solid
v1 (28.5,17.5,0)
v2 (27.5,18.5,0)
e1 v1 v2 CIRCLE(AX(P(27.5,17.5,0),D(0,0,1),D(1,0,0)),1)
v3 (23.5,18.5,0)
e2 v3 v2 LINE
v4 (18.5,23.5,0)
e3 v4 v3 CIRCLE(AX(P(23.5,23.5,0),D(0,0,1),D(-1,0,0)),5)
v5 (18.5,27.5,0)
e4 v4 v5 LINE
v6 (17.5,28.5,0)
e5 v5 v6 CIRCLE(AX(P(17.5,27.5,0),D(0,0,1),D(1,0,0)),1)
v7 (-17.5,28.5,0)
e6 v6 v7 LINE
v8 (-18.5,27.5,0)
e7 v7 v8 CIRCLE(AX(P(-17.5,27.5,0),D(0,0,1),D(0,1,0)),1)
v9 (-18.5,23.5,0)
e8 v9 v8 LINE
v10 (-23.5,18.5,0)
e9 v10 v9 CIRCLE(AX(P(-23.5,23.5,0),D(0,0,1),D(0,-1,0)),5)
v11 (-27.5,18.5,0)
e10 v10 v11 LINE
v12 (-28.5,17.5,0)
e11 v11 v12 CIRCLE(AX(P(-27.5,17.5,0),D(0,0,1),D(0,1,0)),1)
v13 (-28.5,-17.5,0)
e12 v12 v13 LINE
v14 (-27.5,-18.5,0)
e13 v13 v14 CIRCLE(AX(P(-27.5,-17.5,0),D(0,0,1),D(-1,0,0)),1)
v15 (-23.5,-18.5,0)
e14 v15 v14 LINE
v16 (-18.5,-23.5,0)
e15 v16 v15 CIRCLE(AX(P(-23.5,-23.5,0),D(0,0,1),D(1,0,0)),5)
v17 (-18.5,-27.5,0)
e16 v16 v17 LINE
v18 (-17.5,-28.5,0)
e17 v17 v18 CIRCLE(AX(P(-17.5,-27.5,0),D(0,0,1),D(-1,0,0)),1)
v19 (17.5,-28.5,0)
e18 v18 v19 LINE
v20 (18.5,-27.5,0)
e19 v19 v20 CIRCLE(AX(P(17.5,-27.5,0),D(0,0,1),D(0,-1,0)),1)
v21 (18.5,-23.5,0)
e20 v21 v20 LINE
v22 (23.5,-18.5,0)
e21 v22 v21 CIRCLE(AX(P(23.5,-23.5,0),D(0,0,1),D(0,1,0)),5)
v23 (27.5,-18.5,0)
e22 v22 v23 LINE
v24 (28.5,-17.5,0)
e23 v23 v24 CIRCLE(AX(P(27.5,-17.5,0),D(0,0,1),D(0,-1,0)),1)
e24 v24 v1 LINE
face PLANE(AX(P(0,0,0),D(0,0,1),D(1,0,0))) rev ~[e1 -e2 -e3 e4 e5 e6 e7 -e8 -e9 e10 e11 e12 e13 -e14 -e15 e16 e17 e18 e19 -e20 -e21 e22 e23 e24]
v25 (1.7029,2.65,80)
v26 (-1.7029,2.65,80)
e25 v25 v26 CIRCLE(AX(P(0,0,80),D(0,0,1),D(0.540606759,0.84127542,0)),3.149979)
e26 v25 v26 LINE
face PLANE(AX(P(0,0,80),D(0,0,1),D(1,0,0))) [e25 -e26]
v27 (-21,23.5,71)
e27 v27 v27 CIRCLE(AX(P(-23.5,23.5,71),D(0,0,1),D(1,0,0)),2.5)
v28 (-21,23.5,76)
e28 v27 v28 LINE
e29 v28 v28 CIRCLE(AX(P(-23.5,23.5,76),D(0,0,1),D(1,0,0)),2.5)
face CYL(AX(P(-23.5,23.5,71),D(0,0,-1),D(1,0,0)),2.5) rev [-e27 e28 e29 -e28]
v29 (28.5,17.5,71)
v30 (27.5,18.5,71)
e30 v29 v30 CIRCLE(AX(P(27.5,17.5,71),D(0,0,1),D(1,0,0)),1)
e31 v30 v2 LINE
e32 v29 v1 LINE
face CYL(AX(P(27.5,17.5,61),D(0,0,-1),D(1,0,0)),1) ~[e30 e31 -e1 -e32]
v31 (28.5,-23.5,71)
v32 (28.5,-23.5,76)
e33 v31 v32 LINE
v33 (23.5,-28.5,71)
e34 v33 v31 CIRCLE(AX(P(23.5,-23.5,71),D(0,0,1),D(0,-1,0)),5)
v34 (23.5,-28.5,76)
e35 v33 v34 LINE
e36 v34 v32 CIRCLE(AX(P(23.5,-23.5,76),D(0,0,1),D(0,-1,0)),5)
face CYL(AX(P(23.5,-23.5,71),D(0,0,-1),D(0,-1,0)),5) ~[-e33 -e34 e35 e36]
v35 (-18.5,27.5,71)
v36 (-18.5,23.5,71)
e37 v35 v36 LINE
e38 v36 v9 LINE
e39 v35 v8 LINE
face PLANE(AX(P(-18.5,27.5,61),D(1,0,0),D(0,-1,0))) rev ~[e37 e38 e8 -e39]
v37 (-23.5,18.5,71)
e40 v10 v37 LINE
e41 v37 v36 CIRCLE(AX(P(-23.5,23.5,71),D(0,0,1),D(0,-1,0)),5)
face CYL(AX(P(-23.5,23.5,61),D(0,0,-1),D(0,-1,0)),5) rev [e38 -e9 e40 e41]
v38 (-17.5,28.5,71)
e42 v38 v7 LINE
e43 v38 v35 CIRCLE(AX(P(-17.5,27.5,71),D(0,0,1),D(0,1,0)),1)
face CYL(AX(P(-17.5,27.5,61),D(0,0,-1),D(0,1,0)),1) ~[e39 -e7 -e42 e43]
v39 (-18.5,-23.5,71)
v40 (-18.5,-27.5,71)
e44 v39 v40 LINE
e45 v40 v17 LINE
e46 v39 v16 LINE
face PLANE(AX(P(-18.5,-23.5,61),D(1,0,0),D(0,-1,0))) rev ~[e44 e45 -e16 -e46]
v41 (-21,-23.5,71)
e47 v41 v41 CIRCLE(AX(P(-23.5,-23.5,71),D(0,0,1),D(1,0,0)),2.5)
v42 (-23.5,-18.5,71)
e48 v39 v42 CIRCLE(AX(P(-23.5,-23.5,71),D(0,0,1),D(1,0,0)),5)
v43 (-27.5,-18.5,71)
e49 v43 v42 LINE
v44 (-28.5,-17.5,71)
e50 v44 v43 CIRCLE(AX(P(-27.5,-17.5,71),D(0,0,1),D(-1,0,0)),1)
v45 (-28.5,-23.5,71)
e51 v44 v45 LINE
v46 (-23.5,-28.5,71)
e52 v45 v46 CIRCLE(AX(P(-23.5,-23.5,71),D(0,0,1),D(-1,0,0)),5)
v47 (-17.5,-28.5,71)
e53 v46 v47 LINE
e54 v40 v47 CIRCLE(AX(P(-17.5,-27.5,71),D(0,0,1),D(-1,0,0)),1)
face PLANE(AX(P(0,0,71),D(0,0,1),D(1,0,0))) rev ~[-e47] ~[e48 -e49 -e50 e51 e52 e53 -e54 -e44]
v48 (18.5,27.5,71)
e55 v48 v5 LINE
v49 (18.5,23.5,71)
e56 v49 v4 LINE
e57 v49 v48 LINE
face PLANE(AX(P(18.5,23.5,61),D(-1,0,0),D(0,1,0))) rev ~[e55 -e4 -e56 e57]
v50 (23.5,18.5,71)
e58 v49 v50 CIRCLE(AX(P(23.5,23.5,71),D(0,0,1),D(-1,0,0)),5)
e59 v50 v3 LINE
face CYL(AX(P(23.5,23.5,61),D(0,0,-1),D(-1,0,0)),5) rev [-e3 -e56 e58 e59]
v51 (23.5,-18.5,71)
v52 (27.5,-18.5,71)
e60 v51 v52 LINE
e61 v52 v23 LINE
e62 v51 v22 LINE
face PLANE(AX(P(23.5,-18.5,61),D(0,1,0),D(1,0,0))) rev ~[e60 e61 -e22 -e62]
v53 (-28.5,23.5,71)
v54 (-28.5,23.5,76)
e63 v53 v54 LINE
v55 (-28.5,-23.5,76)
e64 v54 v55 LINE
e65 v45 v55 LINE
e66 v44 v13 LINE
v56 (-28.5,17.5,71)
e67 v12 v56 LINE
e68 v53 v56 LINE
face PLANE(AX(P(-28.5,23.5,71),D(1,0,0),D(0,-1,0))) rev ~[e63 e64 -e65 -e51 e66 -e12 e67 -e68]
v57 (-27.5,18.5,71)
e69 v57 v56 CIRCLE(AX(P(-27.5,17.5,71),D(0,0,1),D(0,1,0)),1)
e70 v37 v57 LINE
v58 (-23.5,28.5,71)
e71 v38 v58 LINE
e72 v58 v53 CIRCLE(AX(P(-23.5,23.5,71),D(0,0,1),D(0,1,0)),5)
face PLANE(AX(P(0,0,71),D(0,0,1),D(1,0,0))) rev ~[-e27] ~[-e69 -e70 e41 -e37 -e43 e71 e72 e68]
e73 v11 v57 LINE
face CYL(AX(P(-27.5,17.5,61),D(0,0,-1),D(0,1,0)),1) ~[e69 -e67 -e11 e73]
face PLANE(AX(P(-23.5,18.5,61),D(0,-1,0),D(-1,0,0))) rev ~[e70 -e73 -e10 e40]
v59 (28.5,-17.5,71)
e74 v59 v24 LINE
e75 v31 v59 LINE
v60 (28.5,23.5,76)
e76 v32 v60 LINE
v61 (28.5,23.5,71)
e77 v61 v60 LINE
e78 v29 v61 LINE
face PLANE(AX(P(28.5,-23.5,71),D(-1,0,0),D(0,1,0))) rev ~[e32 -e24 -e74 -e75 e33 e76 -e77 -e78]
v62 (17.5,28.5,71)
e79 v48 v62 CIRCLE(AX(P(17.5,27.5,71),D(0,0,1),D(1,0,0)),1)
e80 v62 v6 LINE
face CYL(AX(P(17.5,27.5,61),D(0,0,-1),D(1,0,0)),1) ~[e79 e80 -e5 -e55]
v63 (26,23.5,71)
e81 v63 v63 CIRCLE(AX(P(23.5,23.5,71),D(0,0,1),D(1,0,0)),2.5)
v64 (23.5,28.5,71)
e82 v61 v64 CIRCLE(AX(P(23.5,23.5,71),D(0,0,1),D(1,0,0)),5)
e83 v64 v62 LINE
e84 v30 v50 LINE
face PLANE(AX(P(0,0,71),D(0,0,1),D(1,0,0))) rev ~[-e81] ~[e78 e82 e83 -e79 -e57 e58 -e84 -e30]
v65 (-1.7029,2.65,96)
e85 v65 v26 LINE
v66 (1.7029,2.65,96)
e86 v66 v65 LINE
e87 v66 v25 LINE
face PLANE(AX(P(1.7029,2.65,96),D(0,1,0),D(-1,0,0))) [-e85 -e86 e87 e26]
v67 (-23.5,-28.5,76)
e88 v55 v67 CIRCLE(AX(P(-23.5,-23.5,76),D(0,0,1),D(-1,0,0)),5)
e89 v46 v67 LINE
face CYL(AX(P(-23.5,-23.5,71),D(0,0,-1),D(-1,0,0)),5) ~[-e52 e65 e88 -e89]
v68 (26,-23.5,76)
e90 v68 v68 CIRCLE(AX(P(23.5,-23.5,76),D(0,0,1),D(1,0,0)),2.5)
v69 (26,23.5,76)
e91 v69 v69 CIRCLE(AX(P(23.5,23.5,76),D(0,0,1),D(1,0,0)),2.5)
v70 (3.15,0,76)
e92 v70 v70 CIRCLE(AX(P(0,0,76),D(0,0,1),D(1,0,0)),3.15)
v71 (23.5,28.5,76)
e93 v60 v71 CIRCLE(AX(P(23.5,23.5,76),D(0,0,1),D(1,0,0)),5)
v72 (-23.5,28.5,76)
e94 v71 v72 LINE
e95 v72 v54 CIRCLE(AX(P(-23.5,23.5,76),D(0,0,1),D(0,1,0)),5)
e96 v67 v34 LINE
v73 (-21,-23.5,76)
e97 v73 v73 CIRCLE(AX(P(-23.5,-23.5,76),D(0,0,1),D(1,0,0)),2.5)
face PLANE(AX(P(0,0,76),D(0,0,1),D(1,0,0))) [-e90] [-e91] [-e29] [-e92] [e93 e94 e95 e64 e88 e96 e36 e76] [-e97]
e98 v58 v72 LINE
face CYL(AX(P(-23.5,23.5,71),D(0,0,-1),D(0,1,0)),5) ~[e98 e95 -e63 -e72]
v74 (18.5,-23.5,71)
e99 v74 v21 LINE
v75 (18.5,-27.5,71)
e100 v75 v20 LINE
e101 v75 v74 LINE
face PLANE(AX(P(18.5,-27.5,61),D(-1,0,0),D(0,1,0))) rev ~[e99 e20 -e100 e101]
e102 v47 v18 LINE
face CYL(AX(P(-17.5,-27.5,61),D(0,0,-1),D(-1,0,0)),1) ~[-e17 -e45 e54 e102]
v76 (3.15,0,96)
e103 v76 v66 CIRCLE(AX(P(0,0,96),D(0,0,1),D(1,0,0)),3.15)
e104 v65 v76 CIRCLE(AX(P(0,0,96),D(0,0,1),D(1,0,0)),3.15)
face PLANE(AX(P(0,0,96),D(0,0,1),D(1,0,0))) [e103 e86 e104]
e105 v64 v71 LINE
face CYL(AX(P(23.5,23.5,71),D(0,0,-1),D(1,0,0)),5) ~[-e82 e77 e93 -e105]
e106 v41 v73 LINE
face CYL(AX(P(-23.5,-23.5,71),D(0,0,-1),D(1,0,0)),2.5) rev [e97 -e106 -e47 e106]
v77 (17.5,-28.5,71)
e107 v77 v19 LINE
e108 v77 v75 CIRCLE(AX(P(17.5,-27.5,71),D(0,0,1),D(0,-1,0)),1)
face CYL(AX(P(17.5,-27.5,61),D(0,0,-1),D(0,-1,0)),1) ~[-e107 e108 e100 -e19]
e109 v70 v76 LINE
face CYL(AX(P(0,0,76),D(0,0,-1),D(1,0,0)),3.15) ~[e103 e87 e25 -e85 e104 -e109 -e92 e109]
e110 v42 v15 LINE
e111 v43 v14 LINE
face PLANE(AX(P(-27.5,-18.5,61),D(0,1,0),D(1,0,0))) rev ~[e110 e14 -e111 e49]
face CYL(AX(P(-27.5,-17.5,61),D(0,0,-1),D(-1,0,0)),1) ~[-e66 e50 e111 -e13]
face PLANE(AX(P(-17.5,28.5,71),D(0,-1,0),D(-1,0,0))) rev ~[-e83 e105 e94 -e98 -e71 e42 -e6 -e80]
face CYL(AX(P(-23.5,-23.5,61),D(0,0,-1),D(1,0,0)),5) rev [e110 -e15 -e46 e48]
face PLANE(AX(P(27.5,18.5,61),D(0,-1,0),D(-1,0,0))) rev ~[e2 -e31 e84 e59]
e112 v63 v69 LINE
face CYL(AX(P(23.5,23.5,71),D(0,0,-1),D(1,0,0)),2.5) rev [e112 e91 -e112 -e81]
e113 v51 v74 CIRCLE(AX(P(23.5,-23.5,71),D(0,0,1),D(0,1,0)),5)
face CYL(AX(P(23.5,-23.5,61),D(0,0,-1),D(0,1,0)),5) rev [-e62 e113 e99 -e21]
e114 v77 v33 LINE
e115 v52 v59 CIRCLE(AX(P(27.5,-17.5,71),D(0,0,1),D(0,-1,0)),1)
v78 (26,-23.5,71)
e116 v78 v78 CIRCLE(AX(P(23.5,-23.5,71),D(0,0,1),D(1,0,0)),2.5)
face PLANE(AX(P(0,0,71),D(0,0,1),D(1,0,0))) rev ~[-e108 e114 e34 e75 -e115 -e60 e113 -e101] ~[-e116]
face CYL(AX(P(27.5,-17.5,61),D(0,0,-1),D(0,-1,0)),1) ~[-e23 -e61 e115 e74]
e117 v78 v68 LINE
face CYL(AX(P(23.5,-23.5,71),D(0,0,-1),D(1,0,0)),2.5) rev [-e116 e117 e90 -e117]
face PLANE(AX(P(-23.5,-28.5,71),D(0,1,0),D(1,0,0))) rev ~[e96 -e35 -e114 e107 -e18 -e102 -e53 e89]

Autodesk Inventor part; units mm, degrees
ref_plane "YZ Plane" through (0, 0, 0) normal (1, 0, 0) x (0, 1, 0)
ref_plane "XZ Plane" through (0, 0, 0) normal (0, 1, 0) x (-1, 0, 0)
ref_plane "XY Plane" through (0, 0, 0) normal (0, 0, 1) x (1, 0, 0)
sketch "Sketch1" plane through (0, 0, 0) normal (0, 0, 1) x (1, 0, 0)
  line L0 (17.5, 28.5) -> (-17.5, 28.5)
  line L1 (-28.5, 17.5) -> (-28.5, -17.5)
  line L2 (28.5, -17.5) -> (28.5, 17.5)
  arc A0 (-18.5, -23.5) -> (-23.5, -18.5) centre (-23.5, -23.5) ccw
  arc A1 (23.5, -18.5) -> (18.5, -23.5) centre (23.5, -23.5) ccw
  arc A2 (18.5, 23.5) -> (23.5, 18.5) centre (23.5, 23.5) ccw
  arc A3 (-23.5, 18.5) -> (-18.5, 23.5) centre (-23.5, 23.5) ccw
  line L3 (-23.5, 18.5) -> (-27.5, 18.5)
  line L4 (-18.5, 23.5) -> (-18.5, 27.5)
  line L5 (-23.5, -18.5) -> (-27.5, -18.5)
  line L6 (-18.5, -23.5) -> (-18.5, -27.5)
  line L7 (18.5, -23.5) -> (18.5, -27.5)
  line L8 (23.5, -18.5) -> (27.5, -18.5)
  line L9 (18.5, 23.5) -> (18.5, 27.5)
  line L10 (23.5, 18.5) -> (27.5, 18.5)
  line L11 (-17.5, -28.5) -> (17.5, -28.5)
  arc A4 (-28.5, -17.5) -> (-27.5, -18.5) centre (-27.5, -17.5) ccw
  arc A5 (17.5, -28.5) -> (18.5, -27.5) centre (17.5, -27.5) ccw
  arc A6 (-27.5, 18.5) -> (-28.5, 17.5) centre (-27.5, 17.5) ccw
  arc A7 (-17.5, 28.5) -> (-18.5, 27.5) centre (-17.5, 27.5) ccw
  arc A8 (-18.5, -27.5) -> (-17.5, -28.5) centre (-17.5, -27.5) ccw
  arc A9 (28.5, 17.5) -> (27.5, 18.5) centre (27.5, 17.5) ccw
  arc A10 (18.5, 27.5) -> (17.5, 28.5) centre (17.5, 27.5) ccw
  arc A11 (27.5, -18.5) -> (28.5, -17.5) centre (27.5, -17.5) ccw
  point P0 (0, 0)
  point P1 (18.5, 28.5)
  point P2 (-18.5, -28.5)
  point P3 (28.5, -18.5)
  point P4 (28.5, 18.5)
  dimension "d2" = 28.5
  dimension "d3" = 28.5
  dimension "d4" = 10
  dimension "d5" = 10
  dimension "d6" = 10
  dimension "d7" = 10
  dimension "d8" = 57
  dimension "d9" = 57
  dimension "d10" = 1
extrude "Extrusion1" add sketch "Sketch1" along normal blind 15
sketch "Sketch2" plane through (0, 0, 15) normal (0, 0, 1) x (1, 0, 0)
  line L0 (17.5, 28.5) -> (-17.5, 28.5) projected
  arc A0 (-23.5, 18.5) -> (-18.5, 23.5) centre (-23.5, 23.5) ccw projected
  arc A1 (-23.5, 18.5) -> (-18.5, 23.5) centre (-23.5, 23.5) ccw projected
  line L1 (-23.5, 18.5) -> (-27.5, 18.5) projected
  arc A2 (-27.5, 18.5) -> (-28.5, 17.5) centre (-27.5, 17.5) ccw projected
  line L2 (-28.5, 17.5) -> (-28.5, -17.5) projected
  arc A3 (-28.5, -17.5) -> (-27.5, -18.5) centre (-27.5, -17.5) ccw projected
  line L3 (-27.5, -18.5) -> (-23.5, -18.5) projected
  arc A4 (-18.5, -23.5) -> (-23.5, -18.5) centre (-23.5, -23.5) ccw projected
  line L4 (-18.5, -23.5) -> (-18.5, -27.5) projected
  arc A5 (-18.5, -27.5) -> (-17.5, -28.5) centre (-17.5, -27.5) ccw projected
  line L5 (-17.5, -28.5) -> (17.5, -28.5) projected
  arc A6 (17.5, -28.5) -> (18.5, -27.5) centre (17.5, -27.5) ccw projected
  line L6 (18.5, -27.5) -> (18.5, -23.5) projected
  arc A7 (23.5, -18.5) -> (18.5, -23.5) centre (23.5, -23.5) ccw projected
  line L7 (23.5, -18.5) -> (27.5, -18.5) projected
  arc A8 (27.5, -18.5) -> (28.5, -17.5) centre (27.5, -17.5) ccw projected
  line L8 (28.5, -17.5) -> (28.5, 17.5) projected
  arc A9 (28.5, 17.5) -> (27.5, 18.5) centre (27.5, 17.5) ccw projected
  line L9 (27.5, 18.5) -> (23.5, 18.5) projected
  arc A10 (18.5, 23.5) -> (23.5, 18.5) centre (23.5, 23.5) ccw projected
  line L10 (18.5, 23.5) -> (18.5, 27.5) projected
  arc A11 (18.5, 27.5) -> (17.5, 28.5) centre (17.5, 27.5) ccw projected
  line L11 (17.5, 28.5) -> (-17.5, 28.5) projected
  arc A12 (-17.5, 28.5) -> (-18.5, 27.5) centre (-17.5, 27.5) ccw projected
  line L12 (-18.5, 27.5) -> (-18.5, 23.5) projected
  point P0 (0, 0)
extrude "Extrusion2" add sketch "Sketch2" along normal blind 46
sketch "Sketch3" plane through (0, 0, 61) normal (0, 0, 1) x (1, 0, 0)
  arc A0 (-23.5, 18.5) -> (-18.5, 23.5) centre (-23.5, 23.5) ccw projected
  line L0 (-23.5, 18.5) -> (-27.5, 18.5) projected
  arc A1 (-27.5, 18.5) -> (-28.5, 17.5) centre (-27.5, 17.5) ccw projected
  line L1 (-28.5, 17.5) -> (-28.5, -17.5) projected
  arc A2 (-28.5, -17.5) -> (-27.5, -18.5) centre (-27.5, -17.5) ccw projected
  line L2 (-27.5, -18.5) -> (-23.5, -18.5) projected
  arc A3 (-18.5, -23.5) -> (-23.5, -18.5) centre (-23.5, -23.5) ccw projected
  line L3 (-18.5, -23.5) -> (-18.5, -27.5) projected
  arc A4 (-18.5, -27.5) -> (-17.5, -28.5) centre (-17.5, -27.5) ccw projected
  line L4 (-17.5, -28.5) -> (17.5, -28.5) projected
  arc A5 (17.5, -28.5) -> (18.5, -27.5) centre (17.5, -27.5) ccw projected
  line L5 (18.5, -27.5) -> (18.5, -23.5) projected
  arc A6 (23.5, -18.5) -> (18.5, -23.5) centre (23.5, -23.5) ccw projected
  line L6 (23.5, -18.5) -> (27.5, -18.5) projected
  arc A7 (27.5, -18.5) -> (28.5, -17.5) centre (27.5, -17.5) ccw projected
  line L7 (28.5, -17.5) -> (28.5, 17.5) projected
  arc A8 (28.5, 17.5) -> (27.5, 18.5) centre (27.5, 17.5) ccw projected
  line L8 (27.5, 18.5) -> (23.5, 18.5) projected
  arc A9 (18.5, 23.5) -> (23.5, 18.5) centre (23.5, 23.5) ccw projected
  line L9 (18.5, 23.5) -> (18.5, 27.5) projected
  arc A10 (18.5, 27.5) -> (17.5, 28.5) centre (17.5, 27.5) ccw projected
  line L10 (17.5, 28.5) -> (-17.5, 28.5) projected
  arc A11 (-17.5, 28.5) -> (-18.5, 27.5) centre (-17.5, 27.5) ccw projected
  line L11 (-18.5, 27.5) -> (-18.5, 23.5) projected
  point P0 (0, 0)
extrude "Extrusion3" add sketch "Sketch3" along normal blind 10
sketch "Sketch4" plane through (0, 0, 71) normal (0, 0, 1) x (1, 0, 0)
  line L0 (-23.5, -28.5) -> (23.5, -28.5)
  line L1 (28.5, -23.5) -> (28.5, 23.5)
  line L2 (23.5, 28.5) -> (-23.5, 28.5)
  line L3 (-28.5, 23.5) -> (-28.5, -23.5)
  line L4 (-27.0355, -27.0355) -> (28.5, 28.5) construction
  line L5 (28.5, -28.5) -> (-28.5, 28.5) construction
  arc A0 (-23.5, 28.5) -> (-28.5, 23.5) centre (-23.5, 23.5) ccw
  arc A1 (28.5, 23.5) -> (23.5, 28.5) centre (23.5, 23.5) ccw
  arc A2 (23.5, -28.5) -> (28.5, -23.5) centre (23.5, -23.5) ccw
  arc A3 (-28.5, -23.5) -> (-23.5, -28.5) centre (-23.5, -23.5) ccw
  line L6 (17.5, 28.5) -> (-17.5, 28.5) projected
  circle A4 centre (-23.5, 23.5) radius 2.5
  circle A5 centre (23.5, 23.5) radius 2.5
  circle A6 centre (23.5, -23.5) radius 2.5
  circle A7 centre (-23.5, -23.5) radius 2.5
  point P0 (0, 0)
  dimension "d17" = 57
  dimension "d18" = 10
  dimension "d19" = 10
  dimension "d20" = 10
  dimension "d21" = 10
  dimension "d22" = 28.5
  dimension "d23" = 5
  dimension "d24" = 5
  dimension "d25" = 5
  dimension "d26" = 5
extrude "Extrusion4" add sketch "Sketch4" along normal blind 5
sketch "Sketch5" plane through (0, 0, 76) normal (0, 0, 1) x (1, 0, 0)
  circle A0 centre (0, 0) radius 3.15
  dimension "d29" = 6.3
extrude "Extrusion5" add sketch "Sketch5" along normal blind 20
sketch "Sketch6" plane through (0, 0, 96) normal (0, 0, 1) x (1, 0, 0)
  arc A0 (1.7029, 2.65) -> (-1.7029, 2.65) centre (0, 0) ccw
  line L0 (1.7029, 2.65) -> (-1.7029, 2.65)
  circle A1 centre (0, 0) radius 3.15 projected
  arc A2 (1.7029, 2.65) -> (-1.7029, 2.65) centre (0, 0) ccw
extrude "Extrusion6" cut sketch "Sketch6" against normal blind 16 contours L0 A0
properties part number "Stepper motor"
